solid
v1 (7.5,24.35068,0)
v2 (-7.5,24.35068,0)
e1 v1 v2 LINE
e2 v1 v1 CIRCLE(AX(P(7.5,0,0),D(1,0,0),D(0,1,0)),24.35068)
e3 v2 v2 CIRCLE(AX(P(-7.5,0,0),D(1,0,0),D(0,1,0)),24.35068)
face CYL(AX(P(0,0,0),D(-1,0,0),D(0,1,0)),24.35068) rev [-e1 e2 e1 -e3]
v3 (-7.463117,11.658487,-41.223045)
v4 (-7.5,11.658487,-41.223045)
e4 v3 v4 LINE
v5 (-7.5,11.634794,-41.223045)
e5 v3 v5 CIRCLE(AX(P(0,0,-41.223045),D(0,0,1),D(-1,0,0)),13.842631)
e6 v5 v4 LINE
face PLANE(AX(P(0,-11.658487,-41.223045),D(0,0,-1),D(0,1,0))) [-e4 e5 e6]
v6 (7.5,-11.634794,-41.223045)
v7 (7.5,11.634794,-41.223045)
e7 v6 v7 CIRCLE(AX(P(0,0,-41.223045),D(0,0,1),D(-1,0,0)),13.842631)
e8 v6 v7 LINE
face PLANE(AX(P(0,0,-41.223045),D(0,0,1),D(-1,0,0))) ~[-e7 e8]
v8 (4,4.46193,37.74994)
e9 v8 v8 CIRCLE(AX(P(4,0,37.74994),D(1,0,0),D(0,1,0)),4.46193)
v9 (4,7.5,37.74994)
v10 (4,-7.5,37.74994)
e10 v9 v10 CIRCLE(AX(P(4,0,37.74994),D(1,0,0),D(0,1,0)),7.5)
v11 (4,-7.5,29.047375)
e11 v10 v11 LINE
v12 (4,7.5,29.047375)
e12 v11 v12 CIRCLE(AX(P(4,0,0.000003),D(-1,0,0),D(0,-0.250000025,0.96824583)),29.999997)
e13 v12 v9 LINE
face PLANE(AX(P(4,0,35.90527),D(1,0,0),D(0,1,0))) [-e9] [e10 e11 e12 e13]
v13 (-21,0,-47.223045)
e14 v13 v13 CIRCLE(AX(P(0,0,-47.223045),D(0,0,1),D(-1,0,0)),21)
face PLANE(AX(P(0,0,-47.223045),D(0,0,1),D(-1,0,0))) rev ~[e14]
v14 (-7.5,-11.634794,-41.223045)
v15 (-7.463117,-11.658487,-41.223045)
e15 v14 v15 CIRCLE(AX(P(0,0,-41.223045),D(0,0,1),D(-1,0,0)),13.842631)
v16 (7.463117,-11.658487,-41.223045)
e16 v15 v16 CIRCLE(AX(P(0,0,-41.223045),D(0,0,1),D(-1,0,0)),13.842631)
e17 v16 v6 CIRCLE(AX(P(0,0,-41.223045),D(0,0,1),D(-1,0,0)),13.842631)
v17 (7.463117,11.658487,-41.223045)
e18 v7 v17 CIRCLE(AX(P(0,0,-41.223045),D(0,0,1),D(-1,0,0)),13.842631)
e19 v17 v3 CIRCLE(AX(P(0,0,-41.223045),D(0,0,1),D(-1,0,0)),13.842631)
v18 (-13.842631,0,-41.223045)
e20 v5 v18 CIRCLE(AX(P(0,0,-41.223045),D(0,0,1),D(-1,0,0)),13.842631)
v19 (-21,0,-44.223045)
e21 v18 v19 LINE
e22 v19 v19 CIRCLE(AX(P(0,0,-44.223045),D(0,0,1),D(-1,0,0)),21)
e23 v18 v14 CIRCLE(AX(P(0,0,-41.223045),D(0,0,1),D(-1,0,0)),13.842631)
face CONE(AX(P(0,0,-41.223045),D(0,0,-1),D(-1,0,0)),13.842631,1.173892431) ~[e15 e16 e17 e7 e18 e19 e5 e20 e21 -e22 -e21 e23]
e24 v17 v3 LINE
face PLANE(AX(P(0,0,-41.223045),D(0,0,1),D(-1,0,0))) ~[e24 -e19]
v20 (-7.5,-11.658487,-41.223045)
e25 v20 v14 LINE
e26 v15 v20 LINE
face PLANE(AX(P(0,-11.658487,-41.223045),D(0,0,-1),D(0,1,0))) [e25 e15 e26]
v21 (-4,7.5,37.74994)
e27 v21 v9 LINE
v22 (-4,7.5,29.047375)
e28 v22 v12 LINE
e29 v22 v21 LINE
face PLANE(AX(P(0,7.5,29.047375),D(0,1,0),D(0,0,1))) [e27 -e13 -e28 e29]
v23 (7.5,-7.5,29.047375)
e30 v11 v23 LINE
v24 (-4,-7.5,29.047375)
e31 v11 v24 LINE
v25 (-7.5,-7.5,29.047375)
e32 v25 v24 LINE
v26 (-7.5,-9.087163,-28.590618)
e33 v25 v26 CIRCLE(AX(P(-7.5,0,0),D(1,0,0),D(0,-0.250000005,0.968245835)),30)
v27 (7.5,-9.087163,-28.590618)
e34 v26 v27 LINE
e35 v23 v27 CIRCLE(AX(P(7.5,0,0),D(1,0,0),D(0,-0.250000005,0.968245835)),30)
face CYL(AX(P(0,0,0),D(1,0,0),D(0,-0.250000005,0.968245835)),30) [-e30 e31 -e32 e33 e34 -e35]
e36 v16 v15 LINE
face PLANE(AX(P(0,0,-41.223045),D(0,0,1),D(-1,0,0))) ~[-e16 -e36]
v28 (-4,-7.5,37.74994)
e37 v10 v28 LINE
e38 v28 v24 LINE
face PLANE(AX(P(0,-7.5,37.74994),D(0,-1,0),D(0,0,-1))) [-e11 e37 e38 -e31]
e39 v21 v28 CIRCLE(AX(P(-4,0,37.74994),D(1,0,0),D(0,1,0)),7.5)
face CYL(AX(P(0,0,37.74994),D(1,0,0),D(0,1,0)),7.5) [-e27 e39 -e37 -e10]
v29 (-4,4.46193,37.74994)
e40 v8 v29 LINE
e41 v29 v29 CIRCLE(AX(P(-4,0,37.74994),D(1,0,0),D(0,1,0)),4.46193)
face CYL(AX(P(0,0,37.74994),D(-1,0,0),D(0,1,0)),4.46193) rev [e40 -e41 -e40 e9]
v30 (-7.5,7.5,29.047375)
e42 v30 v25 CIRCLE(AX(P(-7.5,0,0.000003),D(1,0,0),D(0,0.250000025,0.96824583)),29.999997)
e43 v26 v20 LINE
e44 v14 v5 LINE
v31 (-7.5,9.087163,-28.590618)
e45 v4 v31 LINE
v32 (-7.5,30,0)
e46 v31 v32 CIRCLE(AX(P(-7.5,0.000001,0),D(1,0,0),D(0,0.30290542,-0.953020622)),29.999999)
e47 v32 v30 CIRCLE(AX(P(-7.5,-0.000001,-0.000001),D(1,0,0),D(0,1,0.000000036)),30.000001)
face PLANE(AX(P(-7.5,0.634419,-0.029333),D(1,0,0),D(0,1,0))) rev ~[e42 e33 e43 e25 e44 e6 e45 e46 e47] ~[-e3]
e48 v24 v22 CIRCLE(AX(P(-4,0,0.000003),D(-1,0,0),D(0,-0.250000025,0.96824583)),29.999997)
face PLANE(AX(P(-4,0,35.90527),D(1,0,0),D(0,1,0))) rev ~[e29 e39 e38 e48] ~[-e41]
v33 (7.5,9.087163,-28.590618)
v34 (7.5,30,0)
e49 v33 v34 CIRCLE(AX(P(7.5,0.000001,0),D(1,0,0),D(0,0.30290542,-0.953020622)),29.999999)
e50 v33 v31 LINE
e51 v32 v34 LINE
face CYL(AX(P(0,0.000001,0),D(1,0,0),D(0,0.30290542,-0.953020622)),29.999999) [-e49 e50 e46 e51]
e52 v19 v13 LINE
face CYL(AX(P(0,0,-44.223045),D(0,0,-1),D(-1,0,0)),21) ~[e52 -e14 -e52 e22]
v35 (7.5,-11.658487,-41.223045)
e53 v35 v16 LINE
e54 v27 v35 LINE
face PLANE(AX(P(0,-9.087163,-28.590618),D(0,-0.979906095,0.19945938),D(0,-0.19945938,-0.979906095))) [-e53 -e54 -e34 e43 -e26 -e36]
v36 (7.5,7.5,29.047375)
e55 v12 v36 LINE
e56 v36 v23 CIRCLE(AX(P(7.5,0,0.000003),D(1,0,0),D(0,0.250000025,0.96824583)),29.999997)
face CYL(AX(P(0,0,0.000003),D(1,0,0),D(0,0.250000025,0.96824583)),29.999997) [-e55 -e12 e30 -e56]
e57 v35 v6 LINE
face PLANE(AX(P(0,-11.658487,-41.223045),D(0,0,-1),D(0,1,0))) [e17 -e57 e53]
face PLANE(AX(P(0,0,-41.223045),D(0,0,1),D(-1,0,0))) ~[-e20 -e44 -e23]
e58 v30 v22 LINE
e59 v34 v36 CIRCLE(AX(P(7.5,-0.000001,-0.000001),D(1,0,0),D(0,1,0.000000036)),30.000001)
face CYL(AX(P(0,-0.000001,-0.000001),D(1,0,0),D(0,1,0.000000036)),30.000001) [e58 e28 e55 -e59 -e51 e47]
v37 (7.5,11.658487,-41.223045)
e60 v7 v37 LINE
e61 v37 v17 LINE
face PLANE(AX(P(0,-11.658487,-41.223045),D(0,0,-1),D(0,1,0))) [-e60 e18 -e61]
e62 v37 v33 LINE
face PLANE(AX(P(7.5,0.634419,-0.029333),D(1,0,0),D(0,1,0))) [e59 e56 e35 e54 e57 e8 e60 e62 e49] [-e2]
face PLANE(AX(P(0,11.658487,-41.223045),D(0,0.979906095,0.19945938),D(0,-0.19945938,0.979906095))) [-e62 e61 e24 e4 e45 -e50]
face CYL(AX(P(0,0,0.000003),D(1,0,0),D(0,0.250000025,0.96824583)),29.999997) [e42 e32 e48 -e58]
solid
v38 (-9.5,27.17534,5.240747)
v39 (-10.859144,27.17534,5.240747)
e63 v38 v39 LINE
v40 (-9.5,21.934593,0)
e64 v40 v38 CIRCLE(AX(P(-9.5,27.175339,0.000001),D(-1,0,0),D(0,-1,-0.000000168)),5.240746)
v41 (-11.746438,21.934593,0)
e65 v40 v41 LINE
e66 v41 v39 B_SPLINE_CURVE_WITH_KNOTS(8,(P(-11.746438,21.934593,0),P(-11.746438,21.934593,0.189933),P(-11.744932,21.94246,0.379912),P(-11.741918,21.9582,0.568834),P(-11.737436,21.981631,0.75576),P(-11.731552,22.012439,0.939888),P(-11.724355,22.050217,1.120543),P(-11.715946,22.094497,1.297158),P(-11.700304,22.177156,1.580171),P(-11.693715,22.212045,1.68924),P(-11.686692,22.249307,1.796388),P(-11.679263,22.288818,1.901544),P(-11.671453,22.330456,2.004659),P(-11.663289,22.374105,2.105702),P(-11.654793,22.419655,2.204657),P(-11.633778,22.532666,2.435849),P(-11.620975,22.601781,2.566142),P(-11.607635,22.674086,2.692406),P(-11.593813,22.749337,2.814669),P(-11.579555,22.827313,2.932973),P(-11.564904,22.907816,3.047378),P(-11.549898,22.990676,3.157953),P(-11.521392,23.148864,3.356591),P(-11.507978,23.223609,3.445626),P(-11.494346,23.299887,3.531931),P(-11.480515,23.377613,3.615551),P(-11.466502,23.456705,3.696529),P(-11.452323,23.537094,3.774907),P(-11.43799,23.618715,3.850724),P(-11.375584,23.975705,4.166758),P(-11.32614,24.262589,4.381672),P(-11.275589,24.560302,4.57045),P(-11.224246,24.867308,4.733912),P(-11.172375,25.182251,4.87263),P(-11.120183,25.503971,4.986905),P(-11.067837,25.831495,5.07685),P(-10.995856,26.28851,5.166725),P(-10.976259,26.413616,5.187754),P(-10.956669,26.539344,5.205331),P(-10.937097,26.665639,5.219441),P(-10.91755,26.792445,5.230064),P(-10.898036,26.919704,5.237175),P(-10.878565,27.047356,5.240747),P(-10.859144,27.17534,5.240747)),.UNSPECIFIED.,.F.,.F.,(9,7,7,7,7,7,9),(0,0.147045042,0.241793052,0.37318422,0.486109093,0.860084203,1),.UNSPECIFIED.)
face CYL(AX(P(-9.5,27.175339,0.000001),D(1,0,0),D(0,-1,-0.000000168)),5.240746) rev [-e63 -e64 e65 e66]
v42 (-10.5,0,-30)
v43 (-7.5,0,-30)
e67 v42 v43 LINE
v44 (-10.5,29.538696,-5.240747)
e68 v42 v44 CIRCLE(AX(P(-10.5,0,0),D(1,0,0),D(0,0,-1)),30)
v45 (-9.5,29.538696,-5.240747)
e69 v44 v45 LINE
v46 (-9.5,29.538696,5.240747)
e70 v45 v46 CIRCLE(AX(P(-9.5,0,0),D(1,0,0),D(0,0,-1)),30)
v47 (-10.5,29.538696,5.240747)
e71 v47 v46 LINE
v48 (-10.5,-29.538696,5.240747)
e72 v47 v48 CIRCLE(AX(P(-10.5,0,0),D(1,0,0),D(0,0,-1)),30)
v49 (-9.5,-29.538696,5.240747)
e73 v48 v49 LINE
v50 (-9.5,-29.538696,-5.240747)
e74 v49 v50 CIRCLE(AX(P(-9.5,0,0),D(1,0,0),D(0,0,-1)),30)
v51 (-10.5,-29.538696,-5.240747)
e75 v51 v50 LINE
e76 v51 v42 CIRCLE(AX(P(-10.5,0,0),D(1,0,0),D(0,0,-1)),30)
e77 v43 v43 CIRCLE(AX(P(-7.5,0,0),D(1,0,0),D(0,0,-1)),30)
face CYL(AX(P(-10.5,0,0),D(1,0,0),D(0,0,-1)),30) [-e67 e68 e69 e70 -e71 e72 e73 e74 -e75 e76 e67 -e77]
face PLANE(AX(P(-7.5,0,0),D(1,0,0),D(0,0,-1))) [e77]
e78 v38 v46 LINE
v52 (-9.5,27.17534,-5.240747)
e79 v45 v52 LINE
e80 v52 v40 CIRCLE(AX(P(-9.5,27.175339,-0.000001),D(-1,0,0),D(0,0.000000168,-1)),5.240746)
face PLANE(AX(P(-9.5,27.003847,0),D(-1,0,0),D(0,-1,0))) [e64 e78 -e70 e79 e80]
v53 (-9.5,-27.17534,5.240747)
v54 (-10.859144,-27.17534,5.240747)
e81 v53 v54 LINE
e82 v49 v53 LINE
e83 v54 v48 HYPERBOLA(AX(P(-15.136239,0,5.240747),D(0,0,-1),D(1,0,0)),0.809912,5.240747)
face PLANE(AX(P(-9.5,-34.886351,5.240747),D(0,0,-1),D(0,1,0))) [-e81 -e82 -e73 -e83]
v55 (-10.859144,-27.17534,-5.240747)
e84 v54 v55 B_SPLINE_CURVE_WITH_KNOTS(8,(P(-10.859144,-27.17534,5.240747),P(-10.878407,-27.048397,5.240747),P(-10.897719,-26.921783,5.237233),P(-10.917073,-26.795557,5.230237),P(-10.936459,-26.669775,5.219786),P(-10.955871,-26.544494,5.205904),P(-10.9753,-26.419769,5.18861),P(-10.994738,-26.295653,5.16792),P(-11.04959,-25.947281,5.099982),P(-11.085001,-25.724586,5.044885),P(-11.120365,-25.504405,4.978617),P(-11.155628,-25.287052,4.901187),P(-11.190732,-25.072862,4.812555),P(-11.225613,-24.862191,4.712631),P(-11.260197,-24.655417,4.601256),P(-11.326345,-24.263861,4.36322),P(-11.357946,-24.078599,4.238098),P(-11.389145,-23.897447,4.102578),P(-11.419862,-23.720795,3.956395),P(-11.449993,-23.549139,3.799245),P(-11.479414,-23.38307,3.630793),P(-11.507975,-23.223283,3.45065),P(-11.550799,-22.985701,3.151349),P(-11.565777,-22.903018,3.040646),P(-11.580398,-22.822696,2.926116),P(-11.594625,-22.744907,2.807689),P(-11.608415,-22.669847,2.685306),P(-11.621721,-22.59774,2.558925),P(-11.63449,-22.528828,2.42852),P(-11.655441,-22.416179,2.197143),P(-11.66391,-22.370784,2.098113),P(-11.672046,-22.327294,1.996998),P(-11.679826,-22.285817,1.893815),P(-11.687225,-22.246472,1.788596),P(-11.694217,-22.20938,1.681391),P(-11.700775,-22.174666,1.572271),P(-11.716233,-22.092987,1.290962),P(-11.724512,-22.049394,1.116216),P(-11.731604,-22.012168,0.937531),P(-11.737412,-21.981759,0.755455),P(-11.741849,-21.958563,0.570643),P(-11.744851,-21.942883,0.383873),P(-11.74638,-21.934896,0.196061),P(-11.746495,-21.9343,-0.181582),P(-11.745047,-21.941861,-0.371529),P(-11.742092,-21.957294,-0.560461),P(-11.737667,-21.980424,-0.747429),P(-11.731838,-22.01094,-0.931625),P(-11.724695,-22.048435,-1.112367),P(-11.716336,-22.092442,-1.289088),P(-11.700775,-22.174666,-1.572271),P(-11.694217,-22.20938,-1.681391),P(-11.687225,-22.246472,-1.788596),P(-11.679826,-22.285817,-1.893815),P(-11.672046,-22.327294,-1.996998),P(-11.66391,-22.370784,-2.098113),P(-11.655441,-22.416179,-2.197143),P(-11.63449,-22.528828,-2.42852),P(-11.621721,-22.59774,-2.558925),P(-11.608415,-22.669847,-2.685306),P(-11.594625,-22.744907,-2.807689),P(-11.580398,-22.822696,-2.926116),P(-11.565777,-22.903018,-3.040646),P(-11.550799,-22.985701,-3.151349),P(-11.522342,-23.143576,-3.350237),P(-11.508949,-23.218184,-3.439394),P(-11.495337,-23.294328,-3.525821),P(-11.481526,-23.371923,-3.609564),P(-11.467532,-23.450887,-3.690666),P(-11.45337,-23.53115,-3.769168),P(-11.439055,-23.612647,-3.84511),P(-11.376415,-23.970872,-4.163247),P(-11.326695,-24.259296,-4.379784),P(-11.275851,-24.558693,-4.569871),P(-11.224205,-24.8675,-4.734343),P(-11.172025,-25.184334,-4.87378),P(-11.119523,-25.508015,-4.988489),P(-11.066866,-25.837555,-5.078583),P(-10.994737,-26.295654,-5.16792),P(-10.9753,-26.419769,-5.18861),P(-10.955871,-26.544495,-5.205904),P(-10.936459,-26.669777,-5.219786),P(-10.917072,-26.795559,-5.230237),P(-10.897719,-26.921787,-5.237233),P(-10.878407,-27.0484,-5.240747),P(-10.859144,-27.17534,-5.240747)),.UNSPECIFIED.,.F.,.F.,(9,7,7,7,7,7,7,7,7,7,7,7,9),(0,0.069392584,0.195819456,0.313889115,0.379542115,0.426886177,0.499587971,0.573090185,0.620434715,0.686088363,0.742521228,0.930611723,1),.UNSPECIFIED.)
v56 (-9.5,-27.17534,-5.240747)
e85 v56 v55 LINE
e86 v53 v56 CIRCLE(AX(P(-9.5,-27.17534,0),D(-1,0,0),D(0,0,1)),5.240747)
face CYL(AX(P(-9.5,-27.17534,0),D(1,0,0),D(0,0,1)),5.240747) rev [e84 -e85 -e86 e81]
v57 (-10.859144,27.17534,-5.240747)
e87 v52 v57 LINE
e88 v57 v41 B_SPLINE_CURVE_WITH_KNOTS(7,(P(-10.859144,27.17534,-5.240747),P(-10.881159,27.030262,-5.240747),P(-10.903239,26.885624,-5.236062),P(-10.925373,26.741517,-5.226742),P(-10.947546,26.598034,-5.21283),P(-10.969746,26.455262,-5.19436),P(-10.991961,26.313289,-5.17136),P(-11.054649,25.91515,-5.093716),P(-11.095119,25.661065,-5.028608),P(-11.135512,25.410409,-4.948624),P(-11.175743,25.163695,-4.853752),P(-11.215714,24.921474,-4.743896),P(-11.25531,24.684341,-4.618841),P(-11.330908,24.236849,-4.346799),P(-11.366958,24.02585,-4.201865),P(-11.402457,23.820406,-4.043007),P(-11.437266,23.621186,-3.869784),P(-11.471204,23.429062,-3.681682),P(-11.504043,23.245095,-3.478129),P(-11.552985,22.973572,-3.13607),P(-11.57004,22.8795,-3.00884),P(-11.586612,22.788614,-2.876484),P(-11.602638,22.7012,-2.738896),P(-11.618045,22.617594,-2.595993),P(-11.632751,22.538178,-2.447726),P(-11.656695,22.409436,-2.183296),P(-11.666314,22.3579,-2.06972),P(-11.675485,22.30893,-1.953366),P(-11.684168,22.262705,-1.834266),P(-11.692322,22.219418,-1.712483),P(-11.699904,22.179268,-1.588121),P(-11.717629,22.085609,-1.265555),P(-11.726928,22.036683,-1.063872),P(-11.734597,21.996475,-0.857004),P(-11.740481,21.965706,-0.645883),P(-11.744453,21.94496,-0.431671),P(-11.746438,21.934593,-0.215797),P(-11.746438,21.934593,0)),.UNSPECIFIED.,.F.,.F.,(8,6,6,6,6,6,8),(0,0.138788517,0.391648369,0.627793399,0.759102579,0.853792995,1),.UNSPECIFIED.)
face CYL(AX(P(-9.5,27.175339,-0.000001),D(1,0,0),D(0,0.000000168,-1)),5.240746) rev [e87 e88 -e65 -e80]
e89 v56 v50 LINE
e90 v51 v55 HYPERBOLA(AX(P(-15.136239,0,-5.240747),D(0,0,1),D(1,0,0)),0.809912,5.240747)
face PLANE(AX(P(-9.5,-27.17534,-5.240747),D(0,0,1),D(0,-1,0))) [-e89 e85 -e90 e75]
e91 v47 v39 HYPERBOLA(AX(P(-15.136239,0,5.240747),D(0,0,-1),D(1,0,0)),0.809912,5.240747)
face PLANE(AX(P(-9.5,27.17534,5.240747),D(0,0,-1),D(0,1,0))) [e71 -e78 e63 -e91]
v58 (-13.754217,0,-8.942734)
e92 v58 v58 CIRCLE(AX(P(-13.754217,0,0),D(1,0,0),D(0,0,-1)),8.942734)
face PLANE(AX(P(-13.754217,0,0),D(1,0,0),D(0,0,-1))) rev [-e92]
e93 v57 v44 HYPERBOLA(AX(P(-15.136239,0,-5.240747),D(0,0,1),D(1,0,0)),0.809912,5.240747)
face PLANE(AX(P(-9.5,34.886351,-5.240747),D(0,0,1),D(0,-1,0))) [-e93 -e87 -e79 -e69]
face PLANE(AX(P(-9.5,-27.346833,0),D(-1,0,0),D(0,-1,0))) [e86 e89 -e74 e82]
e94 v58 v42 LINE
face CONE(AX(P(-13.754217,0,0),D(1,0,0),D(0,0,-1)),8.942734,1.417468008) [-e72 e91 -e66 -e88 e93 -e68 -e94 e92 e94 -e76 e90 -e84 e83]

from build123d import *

# Parameters (mm, degrees)
F0_R     = 24.35068
F1_DEPTH = 7.5
F0_R_2   = 4.46193
F2_DEPTH = 4
F9_DEPTH = 25


with BuildPart() as f1:
    # F0 (on Right) → F1 (new body, symmetric)
    with BuildSketch(Plane.YZ):
        with BuildLine():
            ThreePointArc((9.087163, -28.590618), (24.213786, -17.711368), (30, 0))
            ThreePointArc((30, 0), (23.717082, 18.371173), (7.5, 29.047375))
            ThreePointArc((7.5, 29.047375), (0, 30), (-7.5, 29.047375))
            ThreePointArc((-7.5, 29.047375), (-29.988632, 0.82579), (-9.087163, -28.590618))
            ThreePointArc((-9.087163, -28.590618), (0, -30), (9.087163, -28.590618))
        make_face()
        Circle(F0_R, mode=Mode.SUBTRACT)
        with BuildLine():
            Line((11.658487, -41.223045), (9.087163, -28.590618))
            ThreePointArc((9.087163, -28.590618), (0, -30), (-9.087163, -28.590618))
            Line((-9.087163, -28.590618), (-11.658487, -41.223045))
            Line((-11.658487, -41.223045), (11.658487, -41.223045))
        make_face()
    extrude(amount=F1_DEPTH, both=True)

    # F0 (on Right) → F2 (join, symmetric)
    with BuildSketch(Plane.YZ):
        with BuildLine():
            ThreePointArc((-7.5, 29.047375), (0, 30), (7.5, 29.047375))
            Line((7.5, 29.047375), (7.5, 37.74994))
            ThreePointArc((7.5, 37.74994), (0, 45.24994), (-7.5, 37.74994))
            Line((-7.5, 37.74994), (-7.5, 29.047375))
        make_face()
        with Locations((0, 37.74994)):
            Circle(F0_R_2, mode=Mode.SUBTRACT)
    extrude(amount=F2_DEPTH, both=True)

    # F5 (on Front) → F10 (revolve)
    with BuildSketch(Plane.XZ):
        Polygon((0, -41.223045), (-13.842631, -41.223045), (-21, -44.223045), (-21, -47.223045), (0, -47.223045), align=None)
    revolve(axis=Axis((0, 0, -44.223045), (0, 0, 1)))


with BuildPart() as f6:
    # F5 (on Front) → F6 (revolve)
    with BuildSketch(Plane.XZ):
        Polygon((-13.754217, -8.942734), (-10.5, -30), (-7.5, -30), (-7.5, 0), (-13.754217, 0), align=None)
    revolve(axis=Axis((-10.627109, 0, 0), (1, 0, 0)))

    # F8 (on offset) → F9 (cut)
    with BuildSketch(Plane(origin=(-9.5, 0, 0), x_dir=(0, -1, 0), z_dir=(-1, 0, 0))):
        with BuildLine():
            ThreePointArc((27.17534, -5.240747), (30.881108, -3.705768), (32.416087, 0))
            ThreePointArc((32.416087, 0), (30.881108, 3.705768), (27.17534, 5.240747))
            ThreePointArc((27.17534, 5.240747), (21.934593, 0), (27.17534, -5.240747))
        make_face()
        with BuildLine():
            ThreePointArc((-27.17534, -5.240747), (-23.469572, -3.705768), (-21.934593, 0))
            ThreePointArc((-21.934593, 0), (-23.469572, 3.705768), (-27.17534, 5.240747))
            ThreePointArc((-27.17534, 5.240747), (-32.416087, 0), (-27.17534, -5.240747))
        make_face()
        with BuildLine():
            ThreePointArc((-27.17534, -5.240747), (-32.416087, 0), (-27.17534, 5.240747))
            Line((-27.17534, 5.240747), (-34.886351, 5.240747))
            Line((-34.886351, 5.240747), (-34.886351, -5.240747))
            Line((-34.886351, -5.240747), (-27.17534, -5.240747))
        make_face()
        with BuildLine():
            ThreePointArc((27.17534, 5.240747), (30.881108, 3.705768), (32.416087, 0))
            ThreePointArc((32.416087, 0), (30.881108, -3.705768), (27.17534, -5.240747))
            Line((27.17534, -5.240747), (34.886351, -5.240747))
            Line((34.886351, -5.240747), (34.886351, 5.240747))
            Line((34.886351, 5.240747), (27.17534, 5.240747))
        make_face()
    extrude(amount=F9_DEPTH, mode=Mode.SUBTRACT)


solid = Compound([f1.part, f6.part])
